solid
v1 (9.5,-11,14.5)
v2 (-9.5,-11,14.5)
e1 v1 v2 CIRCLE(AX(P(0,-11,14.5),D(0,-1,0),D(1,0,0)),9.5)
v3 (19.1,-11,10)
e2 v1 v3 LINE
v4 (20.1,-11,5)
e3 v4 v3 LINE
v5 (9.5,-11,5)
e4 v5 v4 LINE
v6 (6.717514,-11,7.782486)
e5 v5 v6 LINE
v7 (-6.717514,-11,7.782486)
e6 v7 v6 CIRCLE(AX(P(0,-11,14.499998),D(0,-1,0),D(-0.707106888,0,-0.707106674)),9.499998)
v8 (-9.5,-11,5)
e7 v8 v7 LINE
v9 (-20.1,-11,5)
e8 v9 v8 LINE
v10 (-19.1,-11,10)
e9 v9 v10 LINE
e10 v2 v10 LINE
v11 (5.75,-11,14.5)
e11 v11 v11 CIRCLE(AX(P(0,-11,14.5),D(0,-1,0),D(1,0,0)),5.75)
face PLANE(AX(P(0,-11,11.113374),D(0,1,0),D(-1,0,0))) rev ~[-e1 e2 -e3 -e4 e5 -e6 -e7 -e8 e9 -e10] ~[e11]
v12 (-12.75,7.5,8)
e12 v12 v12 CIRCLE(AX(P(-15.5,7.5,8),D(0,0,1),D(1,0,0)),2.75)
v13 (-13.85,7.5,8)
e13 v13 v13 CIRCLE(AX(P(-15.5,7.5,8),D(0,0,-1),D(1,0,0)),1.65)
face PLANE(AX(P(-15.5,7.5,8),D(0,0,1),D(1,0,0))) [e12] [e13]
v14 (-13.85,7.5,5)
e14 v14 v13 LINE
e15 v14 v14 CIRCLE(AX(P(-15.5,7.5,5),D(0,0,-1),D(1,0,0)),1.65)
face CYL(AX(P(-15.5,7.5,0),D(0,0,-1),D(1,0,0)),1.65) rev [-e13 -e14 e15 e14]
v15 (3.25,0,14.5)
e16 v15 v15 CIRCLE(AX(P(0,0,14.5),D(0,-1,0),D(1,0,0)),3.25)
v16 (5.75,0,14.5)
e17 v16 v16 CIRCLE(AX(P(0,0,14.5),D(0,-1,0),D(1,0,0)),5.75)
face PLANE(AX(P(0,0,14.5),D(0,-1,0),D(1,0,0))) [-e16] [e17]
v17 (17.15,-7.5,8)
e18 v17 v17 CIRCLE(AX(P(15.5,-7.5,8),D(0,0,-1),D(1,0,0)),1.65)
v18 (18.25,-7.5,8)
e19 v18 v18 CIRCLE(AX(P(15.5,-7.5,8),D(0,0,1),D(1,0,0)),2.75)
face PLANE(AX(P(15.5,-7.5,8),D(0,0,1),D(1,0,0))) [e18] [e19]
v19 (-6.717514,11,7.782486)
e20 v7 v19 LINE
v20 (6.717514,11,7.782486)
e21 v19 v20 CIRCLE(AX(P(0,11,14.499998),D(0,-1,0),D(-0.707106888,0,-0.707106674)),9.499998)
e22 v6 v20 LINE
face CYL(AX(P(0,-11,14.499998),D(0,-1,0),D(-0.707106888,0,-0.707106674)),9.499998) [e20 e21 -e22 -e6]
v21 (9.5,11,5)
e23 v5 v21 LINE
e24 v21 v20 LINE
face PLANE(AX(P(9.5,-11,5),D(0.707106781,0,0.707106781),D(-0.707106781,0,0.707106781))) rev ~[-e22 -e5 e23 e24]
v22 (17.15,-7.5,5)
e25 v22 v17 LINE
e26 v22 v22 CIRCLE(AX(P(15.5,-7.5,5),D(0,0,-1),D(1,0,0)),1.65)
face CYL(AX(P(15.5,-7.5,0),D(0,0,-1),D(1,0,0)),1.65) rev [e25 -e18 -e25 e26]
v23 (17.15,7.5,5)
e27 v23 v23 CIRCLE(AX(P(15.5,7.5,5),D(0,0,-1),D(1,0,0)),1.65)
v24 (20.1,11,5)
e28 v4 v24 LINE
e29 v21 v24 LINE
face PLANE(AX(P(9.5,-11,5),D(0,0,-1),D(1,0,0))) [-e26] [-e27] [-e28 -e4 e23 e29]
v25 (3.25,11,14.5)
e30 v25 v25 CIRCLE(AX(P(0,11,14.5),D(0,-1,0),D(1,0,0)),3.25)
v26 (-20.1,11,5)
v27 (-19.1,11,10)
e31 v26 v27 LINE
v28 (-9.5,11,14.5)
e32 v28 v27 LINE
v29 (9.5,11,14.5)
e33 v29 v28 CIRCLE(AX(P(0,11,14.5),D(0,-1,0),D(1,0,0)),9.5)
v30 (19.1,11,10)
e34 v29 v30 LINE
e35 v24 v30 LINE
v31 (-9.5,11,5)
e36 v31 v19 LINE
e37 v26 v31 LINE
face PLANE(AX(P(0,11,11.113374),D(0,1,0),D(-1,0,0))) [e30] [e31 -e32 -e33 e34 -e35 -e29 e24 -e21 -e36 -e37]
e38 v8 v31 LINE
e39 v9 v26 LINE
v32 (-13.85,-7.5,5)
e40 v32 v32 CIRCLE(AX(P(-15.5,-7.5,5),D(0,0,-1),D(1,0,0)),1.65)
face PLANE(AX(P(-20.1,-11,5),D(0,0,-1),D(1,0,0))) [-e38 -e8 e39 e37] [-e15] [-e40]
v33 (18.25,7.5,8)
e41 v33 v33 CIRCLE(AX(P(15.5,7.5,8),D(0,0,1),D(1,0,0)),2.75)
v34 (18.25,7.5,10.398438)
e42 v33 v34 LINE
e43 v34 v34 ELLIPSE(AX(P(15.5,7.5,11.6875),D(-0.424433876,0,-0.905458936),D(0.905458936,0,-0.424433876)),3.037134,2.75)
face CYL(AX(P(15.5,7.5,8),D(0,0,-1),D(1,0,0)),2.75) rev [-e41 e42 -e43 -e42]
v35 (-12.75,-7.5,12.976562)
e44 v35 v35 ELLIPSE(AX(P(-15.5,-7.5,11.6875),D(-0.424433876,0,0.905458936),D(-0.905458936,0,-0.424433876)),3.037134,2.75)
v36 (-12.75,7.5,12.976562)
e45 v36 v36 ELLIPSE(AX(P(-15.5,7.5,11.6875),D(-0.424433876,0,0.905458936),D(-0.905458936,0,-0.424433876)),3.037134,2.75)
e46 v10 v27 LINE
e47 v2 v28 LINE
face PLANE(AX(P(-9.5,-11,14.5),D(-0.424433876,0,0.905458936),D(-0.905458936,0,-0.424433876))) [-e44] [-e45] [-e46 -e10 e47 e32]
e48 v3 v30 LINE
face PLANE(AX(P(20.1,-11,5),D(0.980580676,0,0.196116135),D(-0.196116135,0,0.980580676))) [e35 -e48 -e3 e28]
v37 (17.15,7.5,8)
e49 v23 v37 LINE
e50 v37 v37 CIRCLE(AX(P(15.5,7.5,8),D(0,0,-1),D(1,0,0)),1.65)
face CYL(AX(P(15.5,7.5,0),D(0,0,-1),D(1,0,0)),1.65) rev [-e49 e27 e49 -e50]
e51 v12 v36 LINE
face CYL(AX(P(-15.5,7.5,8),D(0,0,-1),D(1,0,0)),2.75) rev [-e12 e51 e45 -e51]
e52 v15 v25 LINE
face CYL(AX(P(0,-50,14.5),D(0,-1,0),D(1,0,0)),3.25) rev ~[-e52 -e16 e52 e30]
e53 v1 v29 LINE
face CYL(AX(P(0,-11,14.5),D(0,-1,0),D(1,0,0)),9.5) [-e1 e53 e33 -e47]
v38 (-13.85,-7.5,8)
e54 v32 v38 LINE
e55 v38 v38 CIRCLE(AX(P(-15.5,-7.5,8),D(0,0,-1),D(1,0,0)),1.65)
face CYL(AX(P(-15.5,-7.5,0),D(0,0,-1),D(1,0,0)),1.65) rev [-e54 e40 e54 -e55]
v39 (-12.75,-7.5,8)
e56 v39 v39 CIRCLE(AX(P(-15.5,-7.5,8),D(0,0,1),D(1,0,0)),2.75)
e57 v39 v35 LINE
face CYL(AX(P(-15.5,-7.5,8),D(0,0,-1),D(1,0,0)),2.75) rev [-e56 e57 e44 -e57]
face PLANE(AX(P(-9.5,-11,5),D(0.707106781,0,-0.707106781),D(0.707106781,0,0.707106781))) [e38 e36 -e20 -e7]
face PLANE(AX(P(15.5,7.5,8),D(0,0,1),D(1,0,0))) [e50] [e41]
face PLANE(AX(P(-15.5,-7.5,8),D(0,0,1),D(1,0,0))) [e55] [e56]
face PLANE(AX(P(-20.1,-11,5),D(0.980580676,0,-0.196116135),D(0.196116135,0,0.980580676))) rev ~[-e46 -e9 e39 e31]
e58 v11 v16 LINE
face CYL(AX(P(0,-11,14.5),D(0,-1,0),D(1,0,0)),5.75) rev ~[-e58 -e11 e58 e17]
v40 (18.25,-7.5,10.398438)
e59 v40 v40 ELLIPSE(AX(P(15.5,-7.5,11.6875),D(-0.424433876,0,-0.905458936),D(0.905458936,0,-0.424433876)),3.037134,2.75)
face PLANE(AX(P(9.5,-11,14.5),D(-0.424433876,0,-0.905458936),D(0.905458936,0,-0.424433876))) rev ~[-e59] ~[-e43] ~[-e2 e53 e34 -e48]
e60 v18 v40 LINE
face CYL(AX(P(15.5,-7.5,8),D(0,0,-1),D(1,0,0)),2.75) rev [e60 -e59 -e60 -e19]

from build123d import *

# Parameters (mm, degrees)
PAD001_DEPTH    = 22
SKETCH005_R     = 1.65
POCKET003_DEPTH = 24.001
SKETCH006_R     = 2.75
POCKET004_DEPTH = 16.001
SKETCH007_R     = 3.25
POCKET005_DEPTH = 61.001
SKETCH008_R     = 5.75
POCKET006_DEPTH = 11


with BuildPart() as part:
    # Sketch004 → Pad001 (new body)
    with BuildSketch(Plane.XZ.offset(11)):
        with BuildLine():
            Line((-20.1, 5), (-19.1, 10))
            Line((-9.5, 14.5), (-19.1, 10))
            ThreePointArc((9.5, 14.5), (0, 24), (-9.5, 14.5))
            Line((9.5, 14.5), (19.1, 10))
            Line((20.1, 5), (19.1, 10))
            Line((9.5, 5), (20.1, 5))
            Line((9.5, 5), (6.717514, 7.782486))
            ThreePointArc((-6.717514, 7.782486), (0, 5), (6.717514, 7.782486))
            Line((-9.5, 5), (-6.717514, 7.782486))
            Line((-20.1, 5), (-9.5, 5))
        make_face()
    extrude(amount=-PAD001_DEPTH)

    # Sketch005 → Pocket003 (cut, through all)
    with BuildSketch(Plane.XY):
        with Locations((-15.5, 7.5)):
            Circle(SKETCH005_R)
        with Locations((15.5, 7.5)):
            Circle(SKETCH005_R)
        with Locations((15.5, -7.5)):
            Circle(SKETCH005_R)
        with Locations((-15.5, -7.5)):
            Circle(SKETCH005_R)
    extrude(amount=POCKET003_DEPTH, mode=Mode.SUBTRACT)

    # Sketch006 → Pocket004 (cut, through all)
    with BuildSketch(Plane.XY.offset(8)):
        with Locations((-15.5, 7.5)):
            Circle(SKETCH006_R)
        with Locations((-15.5, -7.5)):
            Circle(SKETCH006_R)
        with Locations((15.5, 7.5)):
            Circle(SKETCH006_R)
        with Locations((15.5, -7.5)):
            Circle(SKETCH006_R)
    extrude(amount=POCKET004_DEPTH, mode=Mode.SUBTRACT)

    # Sketch007 → Pocket005 (cut, through all)
    with BuildSketch(Plane.XZ.offset(50)):
        with Locations((0, 14.5)):
            Circle(SKETCH007_R)
    extrude(amount=-POCKET005_DEPTH, mode=Mode.SUBTRACT)

    # Sketch008 → Pocket006 (cut)
    with BuildSketch(Plane.XZ.offset(11)):
        with Locations((0, 14.5)):
            Circle(SKETCH008_R)
    extrude(amount=-POCKET006_DEPTH, mode=Mode.SUBTRACT)


solid = part.part
